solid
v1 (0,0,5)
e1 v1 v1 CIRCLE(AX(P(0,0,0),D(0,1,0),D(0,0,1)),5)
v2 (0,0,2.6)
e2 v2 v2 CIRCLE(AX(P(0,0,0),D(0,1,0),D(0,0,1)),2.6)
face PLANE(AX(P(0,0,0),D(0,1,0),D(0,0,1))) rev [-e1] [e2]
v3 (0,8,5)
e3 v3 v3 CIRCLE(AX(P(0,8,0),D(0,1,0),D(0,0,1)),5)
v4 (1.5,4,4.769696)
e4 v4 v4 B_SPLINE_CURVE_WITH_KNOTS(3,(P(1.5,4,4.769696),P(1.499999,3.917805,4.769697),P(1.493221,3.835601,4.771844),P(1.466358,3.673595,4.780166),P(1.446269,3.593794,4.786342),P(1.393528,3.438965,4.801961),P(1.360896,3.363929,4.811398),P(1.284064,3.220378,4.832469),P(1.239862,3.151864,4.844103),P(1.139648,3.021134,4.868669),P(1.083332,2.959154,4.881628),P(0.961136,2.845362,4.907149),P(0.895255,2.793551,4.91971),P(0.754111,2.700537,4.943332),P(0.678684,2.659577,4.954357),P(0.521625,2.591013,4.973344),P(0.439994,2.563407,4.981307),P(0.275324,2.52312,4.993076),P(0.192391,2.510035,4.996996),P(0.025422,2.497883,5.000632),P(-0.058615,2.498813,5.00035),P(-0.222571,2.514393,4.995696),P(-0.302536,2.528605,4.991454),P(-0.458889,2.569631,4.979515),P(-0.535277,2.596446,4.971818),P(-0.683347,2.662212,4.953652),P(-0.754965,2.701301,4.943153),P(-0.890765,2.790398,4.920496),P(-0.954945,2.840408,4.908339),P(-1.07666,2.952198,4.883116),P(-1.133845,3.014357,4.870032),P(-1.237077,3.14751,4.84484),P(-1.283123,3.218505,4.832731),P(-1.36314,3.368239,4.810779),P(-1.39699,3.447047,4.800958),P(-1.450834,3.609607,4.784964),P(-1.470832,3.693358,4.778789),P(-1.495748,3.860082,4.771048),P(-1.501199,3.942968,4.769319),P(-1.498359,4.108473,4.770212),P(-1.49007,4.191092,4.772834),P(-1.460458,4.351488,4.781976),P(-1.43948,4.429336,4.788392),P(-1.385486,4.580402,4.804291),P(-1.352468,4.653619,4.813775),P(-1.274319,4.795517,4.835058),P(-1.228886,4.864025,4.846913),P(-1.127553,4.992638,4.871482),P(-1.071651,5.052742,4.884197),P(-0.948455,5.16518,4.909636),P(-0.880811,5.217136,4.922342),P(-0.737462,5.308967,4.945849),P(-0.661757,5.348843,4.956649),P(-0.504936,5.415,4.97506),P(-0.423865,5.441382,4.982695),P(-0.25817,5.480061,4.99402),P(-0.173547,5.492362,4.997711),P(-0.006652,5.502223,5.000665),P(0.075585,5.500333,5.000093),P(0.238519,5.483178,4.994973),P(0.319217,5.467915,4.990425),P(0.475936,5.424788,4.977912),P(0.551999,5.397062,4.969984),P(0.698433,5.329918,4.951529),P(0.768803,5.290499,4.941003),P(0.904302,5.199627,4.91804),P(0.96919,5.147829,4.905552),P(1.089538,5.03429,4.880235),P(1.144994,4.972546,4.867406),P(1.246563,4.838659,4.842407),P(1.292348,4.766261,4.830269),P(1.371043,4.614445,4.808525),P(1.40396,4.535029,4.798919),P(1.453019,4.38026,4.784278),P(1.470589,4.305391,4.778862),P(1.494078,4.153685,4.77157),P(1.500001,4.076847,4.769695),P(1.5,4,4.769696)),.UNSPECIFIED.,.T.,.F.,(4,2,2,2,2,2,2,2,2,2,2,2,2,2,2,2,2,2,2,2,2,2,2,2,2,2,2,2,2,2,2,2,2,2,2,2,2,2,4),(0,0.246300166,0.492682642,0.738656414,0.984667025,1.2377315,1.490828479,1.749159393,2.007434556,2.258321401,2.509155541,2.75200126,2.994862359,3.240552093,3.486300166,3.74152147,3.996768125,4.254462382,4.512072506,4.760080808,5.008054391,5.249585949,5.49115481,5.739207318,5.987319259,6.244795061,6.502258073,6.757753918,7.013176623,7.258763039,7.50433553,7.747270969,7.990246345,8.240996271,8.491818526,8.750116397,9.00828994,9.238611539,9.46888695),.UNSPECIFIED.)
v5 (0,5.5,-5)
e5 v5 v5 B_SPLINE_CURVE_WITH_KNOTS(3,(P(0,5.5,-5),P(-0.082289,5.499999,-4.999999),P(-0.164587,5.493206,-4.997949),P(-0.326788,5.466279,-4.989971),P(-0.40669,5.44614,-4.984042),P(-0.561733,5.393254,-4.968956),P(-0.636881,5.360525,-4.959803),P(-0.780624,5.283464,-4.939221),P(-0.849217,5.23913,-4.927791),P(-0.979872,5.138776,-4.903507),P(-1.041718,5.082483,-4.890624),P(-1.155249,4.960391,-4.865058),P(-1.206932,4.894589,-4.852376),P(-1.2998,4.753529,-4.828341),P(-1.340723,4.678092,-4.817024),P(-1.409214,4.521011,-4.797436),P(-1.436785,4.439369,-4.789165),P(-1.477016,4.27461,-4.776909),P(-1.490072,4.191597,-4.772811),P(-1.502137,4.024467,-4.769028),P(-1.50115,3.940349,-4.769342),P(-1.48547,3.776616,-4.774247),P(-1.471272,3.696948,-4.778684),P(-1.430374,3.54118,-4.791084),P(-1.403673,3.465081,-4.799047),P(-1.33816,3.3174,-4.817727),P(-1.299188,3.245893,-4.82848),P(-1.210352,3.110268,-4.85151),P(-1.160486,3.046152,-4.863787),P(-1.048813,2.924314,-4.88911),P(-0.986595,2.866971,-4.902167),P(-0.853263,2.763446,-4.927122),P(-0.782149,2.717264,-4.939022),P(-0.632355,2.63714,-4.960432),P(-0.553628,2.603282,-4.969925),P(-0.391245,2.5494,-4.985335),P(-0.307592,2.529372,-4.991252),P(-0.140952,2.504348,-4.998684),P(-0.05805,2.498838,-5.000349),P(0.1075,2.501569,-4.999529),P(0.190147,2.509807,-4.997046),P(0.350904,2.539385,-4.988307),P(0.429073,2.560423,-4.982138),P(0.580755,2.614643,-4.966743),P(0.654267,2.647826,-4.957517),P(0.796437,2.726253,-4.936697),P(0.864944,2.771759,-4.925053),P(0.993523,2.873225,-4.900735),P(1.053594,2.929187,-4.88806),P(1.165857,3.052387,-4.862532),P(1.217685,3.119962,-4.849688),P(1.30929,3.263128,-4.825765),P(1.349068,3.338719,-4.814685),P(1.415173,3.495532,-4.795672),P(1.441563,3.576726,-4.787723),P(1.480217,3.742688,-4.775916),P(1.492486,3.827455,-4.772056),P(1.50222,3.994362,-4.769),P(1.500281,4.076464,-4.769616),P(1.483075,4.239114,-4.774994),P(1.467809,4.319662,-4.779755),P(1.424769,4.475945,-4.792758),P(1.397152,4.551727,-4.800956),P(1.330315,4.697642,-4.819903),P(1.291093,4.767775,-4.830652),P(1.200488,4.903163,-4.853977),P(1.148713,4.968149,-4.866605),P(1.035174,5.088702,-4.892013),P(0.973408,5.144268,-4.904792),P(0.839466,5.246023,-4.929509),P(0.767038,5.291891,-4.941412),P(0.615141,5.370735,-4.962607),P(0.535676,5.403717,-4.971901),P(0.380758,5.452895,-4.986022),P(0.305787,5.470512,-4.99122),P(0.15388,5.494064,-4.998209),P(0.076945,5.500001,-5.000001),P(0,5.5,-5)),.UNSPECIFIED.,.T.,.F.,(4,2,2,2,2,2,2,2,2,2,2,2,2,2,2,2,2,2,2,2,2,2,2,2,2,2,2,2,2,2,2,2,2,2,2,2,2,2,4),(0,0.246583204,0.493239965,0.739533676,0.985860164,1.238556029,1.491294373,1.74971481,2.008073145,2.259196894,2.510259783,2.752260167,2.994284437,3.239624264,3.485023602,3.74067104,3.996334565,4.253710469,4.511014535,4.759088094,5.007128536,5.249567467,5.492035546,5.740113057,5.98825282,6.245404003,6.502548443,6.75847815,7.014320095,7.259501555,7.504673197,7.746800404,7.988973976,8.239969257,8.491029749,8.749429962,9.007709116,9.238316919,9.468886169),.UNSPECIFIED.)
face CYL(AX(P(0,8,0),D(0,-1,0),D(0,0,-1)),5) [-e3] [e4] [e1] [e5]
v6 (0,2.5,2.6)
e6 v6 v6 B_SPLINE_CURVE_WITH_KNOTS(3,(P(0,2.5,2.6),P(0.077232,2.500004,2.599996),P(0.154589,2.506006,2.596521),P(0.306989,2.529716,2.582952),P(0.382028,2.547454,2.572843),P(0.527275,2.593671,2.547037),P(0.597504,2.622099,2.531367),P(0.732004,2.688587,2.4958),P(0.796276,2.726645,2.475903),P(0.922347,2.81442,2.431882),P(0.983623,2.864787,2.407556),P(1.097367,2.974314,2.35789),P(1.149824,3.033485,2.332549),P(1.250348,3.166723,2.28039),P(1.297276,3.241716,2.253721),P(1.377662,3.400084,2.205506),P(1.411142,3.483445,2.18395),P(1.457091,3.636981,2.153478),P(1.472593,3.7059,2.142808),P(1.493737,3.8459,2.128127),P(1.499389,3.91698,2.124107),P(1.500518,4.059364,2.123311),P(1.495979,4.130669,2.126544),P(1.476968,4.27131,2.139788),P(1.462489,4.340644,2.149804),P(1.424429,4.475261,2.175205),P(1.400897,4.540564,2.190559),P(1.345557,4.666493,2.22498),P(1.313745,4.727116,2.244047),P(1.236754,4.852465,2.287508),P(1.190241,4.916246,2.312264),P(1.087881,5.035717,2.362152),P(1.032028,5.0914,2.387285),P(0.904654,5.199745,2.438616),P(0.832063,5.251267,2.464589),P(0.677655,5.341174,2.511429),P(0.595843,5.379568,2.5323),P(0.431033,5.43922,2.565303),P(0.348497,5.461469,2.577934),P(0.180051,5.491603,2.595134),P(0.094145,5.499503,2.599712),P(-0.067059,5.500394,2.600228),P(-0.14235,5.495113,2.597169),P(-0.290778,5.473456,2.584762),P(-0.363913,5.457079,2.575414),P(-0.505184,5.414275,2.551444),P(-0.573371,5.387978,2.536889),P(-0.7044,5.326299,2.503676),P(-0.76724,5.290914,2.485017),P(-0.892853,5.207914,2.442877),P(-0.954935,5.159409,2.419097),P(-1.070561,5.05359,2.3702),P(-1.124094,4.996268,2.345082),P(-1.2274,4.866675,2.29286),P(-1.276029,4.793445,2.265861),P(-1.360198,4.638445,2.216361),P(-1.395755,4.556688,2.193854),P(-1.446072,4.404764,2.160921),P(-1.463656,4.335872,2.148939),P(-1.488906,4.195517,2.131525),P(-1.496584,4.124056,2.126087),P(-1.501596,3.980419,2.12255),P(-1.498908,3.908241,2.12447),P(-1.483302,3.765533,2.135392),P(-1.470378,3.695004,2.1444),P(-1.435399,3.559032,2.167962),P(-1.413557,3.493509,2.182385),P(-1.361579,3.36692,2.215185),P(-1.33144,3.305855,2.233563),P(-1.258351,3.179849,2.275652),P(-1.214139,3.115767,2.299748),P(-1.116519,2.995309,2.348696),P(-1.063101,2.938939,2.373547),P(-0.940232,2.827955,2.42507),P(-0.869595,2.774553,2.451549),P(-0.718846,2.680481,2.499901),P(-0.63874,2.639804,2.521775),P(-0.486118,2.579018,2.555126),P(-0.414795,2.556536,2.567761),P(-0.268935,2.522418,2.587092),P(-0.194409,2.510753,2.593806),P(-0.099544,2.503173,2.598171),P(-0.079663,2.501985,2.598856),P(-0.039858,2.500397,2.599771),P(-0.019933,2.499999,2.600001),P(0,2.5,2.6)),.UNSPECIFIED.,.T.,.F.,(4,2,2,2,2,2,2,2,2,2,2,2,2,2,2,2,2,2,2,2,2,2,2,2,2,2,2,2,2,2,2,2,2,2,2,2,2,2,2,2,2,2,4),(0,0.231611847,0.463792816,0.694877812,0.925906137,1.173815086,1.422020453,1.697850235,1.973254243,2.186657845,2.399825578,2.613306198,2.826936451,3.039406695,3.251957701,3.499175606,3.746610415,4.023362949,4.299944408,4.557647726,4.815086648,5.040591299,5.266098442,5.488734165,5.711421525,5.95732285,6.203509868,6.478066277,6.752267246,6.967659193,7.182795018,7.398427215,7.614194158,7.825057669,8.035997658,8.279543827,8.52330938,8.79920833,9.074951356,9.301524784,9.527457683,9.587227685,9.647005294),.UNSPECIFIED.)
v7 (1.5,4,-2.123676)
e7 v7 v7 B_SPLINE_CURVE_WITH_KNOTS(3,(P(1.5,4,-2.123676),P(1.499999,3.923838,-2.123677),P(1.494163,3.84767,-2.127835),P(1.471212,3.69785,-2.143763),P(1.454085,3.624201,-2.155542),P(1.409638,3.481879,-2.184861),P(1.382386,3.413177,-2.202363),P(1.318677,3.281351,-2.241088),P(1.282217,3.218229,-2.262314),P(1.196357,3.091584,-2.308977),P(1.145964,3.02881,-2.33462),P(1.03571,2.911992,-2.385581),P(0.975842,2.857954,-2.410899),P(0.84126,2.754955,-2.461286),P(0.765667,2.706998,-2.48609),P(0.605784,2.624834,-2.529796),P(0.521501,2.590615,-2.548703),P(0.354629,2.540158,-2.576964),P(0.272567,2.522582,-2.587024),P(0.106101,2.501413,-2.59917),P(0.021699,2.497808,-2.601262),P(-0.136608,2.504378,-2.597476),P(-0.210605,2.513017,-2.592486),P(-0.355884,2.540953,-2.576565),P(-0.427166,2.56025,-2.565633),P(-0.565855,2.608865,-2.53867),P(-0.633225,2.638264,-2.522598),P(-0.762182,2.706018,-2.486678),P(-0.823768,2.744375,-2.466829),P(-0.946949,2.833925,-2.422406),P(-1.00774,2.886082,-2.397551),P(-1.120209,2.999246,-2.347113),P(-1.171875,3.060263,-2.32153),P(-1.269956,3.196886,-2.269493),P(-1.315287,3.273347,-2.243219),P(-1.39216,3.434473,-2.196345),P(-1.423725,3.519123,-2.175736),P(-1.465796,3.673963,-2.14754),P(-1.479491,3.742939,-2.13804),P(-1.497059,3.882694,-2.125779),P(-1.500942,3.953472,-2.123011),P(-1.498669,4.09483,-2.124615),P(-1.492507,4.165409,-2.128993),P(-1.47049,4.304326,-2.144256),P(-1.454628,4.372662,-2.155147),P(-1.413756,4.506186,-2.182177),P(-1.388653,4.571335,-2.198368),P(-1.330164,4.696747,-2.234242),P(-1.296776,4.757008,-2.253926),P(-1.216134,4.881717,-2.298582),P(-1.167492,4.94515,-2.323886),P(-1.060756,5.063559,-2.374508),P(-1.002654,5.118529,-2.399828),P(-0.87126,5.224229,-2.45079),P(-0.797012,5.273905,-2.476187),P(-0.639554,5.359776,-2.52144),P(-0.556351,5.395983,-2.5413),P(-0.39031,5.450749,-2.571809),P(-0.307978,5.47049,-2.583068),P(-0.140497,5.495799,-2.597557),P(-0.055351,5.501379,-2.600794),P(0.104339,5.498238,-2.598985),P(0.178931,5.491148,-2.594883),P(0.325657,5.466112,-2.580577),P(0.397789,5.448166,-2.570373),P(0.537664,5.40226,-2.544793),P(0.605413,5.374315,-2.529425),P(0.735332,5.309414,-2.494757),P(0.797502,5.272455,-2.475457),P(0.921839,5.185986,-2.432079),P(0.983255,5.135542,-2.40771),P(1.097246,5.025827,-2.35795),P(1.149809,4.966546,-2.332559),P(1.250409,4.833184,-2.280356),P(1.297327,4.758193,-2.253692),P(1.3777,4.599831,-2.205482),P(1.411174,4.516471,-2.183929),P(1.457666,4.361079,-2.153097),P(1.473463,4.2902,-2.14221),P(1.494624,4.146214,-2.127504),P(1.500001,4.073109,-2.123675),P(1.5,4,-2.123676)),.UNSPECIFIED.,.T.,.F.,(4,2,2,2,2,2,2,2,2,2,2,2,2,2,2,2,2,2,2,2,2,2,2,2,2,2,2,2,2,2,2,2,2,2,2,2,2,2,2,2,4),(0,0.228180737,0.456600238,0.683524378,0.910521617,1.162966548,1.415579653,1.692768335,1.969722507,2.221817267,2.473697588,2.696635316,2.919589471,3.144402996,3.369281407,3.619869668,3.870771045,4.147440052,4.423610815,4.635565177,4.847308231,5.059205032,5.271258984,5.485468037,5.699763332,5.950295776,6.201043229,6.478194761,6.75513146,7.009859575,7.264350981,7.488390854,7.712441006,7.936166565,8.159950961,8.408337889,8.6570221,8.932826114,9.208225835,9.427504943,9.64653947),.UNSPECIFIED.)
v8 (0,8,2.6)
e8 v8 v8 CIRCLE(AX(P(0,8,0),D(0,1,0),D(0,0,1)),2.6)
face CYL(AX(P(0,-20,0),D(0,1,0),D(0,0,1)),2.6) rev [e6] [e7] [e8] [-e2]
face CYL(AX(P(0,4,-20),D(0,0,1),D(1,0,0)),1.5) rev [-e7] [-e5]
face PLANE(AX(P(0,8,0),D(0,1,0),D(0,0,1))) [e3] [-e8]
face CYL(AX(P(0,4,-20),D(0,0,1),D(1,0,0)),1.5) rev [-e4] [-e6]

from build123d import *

# Parameters (mm, degrees)
SKETCH1_R           = 5
BOSS_EXTRUDE1_DEPTH = 8
SKETCH2_R           = 2.6
CUT_EXTRUDE1_DEPTH  = 20
SKETCH3_R           = 1.5
CUT_EXTRUDE2_DEPTH  = 20


with BuildPart() as part:
    # Sketch1 → Boss-Extrude1 (new body)
    with BuildSketch(Plane(origin=(0, 0, 0), x_dir=(1, 0, 0), z_dir=(0, 1, 0))):
        with Locations(Location((0, 0, 0), (0, 0, 270))):
            Circle(SKETCH1_R)
    extrude(amount=BOSS_EXTRUDE1_DEPTH)

    # Sketch2 → Cut-Extrude1 (cut, symmetric)
    with BuildSketch(Plane(origin=(0, 0, 0), x_dir=(1, 0, 0), z_dir=(0, 1, 0))):
        with Locations(Location((0, 0, 0), (0, 0, 270))):
            Circle(SKETCH2_R)
    extrude(amount=CUT_EXTRUDE1_DEPTH, both=True, mode=Mode.SUBTRACT)

    # Sketch3 → Cut-Extrude2 (cut, symmetric)
    with BuildSketch(Plane.XY):
        with Locations((0, 4)):
            Circle(SKETCH3_R)
    extrude(amount=CUT_EXTRUDE2_DEPTH, both=True, mode=Mode.SUBTRACT)


solid = part.part
